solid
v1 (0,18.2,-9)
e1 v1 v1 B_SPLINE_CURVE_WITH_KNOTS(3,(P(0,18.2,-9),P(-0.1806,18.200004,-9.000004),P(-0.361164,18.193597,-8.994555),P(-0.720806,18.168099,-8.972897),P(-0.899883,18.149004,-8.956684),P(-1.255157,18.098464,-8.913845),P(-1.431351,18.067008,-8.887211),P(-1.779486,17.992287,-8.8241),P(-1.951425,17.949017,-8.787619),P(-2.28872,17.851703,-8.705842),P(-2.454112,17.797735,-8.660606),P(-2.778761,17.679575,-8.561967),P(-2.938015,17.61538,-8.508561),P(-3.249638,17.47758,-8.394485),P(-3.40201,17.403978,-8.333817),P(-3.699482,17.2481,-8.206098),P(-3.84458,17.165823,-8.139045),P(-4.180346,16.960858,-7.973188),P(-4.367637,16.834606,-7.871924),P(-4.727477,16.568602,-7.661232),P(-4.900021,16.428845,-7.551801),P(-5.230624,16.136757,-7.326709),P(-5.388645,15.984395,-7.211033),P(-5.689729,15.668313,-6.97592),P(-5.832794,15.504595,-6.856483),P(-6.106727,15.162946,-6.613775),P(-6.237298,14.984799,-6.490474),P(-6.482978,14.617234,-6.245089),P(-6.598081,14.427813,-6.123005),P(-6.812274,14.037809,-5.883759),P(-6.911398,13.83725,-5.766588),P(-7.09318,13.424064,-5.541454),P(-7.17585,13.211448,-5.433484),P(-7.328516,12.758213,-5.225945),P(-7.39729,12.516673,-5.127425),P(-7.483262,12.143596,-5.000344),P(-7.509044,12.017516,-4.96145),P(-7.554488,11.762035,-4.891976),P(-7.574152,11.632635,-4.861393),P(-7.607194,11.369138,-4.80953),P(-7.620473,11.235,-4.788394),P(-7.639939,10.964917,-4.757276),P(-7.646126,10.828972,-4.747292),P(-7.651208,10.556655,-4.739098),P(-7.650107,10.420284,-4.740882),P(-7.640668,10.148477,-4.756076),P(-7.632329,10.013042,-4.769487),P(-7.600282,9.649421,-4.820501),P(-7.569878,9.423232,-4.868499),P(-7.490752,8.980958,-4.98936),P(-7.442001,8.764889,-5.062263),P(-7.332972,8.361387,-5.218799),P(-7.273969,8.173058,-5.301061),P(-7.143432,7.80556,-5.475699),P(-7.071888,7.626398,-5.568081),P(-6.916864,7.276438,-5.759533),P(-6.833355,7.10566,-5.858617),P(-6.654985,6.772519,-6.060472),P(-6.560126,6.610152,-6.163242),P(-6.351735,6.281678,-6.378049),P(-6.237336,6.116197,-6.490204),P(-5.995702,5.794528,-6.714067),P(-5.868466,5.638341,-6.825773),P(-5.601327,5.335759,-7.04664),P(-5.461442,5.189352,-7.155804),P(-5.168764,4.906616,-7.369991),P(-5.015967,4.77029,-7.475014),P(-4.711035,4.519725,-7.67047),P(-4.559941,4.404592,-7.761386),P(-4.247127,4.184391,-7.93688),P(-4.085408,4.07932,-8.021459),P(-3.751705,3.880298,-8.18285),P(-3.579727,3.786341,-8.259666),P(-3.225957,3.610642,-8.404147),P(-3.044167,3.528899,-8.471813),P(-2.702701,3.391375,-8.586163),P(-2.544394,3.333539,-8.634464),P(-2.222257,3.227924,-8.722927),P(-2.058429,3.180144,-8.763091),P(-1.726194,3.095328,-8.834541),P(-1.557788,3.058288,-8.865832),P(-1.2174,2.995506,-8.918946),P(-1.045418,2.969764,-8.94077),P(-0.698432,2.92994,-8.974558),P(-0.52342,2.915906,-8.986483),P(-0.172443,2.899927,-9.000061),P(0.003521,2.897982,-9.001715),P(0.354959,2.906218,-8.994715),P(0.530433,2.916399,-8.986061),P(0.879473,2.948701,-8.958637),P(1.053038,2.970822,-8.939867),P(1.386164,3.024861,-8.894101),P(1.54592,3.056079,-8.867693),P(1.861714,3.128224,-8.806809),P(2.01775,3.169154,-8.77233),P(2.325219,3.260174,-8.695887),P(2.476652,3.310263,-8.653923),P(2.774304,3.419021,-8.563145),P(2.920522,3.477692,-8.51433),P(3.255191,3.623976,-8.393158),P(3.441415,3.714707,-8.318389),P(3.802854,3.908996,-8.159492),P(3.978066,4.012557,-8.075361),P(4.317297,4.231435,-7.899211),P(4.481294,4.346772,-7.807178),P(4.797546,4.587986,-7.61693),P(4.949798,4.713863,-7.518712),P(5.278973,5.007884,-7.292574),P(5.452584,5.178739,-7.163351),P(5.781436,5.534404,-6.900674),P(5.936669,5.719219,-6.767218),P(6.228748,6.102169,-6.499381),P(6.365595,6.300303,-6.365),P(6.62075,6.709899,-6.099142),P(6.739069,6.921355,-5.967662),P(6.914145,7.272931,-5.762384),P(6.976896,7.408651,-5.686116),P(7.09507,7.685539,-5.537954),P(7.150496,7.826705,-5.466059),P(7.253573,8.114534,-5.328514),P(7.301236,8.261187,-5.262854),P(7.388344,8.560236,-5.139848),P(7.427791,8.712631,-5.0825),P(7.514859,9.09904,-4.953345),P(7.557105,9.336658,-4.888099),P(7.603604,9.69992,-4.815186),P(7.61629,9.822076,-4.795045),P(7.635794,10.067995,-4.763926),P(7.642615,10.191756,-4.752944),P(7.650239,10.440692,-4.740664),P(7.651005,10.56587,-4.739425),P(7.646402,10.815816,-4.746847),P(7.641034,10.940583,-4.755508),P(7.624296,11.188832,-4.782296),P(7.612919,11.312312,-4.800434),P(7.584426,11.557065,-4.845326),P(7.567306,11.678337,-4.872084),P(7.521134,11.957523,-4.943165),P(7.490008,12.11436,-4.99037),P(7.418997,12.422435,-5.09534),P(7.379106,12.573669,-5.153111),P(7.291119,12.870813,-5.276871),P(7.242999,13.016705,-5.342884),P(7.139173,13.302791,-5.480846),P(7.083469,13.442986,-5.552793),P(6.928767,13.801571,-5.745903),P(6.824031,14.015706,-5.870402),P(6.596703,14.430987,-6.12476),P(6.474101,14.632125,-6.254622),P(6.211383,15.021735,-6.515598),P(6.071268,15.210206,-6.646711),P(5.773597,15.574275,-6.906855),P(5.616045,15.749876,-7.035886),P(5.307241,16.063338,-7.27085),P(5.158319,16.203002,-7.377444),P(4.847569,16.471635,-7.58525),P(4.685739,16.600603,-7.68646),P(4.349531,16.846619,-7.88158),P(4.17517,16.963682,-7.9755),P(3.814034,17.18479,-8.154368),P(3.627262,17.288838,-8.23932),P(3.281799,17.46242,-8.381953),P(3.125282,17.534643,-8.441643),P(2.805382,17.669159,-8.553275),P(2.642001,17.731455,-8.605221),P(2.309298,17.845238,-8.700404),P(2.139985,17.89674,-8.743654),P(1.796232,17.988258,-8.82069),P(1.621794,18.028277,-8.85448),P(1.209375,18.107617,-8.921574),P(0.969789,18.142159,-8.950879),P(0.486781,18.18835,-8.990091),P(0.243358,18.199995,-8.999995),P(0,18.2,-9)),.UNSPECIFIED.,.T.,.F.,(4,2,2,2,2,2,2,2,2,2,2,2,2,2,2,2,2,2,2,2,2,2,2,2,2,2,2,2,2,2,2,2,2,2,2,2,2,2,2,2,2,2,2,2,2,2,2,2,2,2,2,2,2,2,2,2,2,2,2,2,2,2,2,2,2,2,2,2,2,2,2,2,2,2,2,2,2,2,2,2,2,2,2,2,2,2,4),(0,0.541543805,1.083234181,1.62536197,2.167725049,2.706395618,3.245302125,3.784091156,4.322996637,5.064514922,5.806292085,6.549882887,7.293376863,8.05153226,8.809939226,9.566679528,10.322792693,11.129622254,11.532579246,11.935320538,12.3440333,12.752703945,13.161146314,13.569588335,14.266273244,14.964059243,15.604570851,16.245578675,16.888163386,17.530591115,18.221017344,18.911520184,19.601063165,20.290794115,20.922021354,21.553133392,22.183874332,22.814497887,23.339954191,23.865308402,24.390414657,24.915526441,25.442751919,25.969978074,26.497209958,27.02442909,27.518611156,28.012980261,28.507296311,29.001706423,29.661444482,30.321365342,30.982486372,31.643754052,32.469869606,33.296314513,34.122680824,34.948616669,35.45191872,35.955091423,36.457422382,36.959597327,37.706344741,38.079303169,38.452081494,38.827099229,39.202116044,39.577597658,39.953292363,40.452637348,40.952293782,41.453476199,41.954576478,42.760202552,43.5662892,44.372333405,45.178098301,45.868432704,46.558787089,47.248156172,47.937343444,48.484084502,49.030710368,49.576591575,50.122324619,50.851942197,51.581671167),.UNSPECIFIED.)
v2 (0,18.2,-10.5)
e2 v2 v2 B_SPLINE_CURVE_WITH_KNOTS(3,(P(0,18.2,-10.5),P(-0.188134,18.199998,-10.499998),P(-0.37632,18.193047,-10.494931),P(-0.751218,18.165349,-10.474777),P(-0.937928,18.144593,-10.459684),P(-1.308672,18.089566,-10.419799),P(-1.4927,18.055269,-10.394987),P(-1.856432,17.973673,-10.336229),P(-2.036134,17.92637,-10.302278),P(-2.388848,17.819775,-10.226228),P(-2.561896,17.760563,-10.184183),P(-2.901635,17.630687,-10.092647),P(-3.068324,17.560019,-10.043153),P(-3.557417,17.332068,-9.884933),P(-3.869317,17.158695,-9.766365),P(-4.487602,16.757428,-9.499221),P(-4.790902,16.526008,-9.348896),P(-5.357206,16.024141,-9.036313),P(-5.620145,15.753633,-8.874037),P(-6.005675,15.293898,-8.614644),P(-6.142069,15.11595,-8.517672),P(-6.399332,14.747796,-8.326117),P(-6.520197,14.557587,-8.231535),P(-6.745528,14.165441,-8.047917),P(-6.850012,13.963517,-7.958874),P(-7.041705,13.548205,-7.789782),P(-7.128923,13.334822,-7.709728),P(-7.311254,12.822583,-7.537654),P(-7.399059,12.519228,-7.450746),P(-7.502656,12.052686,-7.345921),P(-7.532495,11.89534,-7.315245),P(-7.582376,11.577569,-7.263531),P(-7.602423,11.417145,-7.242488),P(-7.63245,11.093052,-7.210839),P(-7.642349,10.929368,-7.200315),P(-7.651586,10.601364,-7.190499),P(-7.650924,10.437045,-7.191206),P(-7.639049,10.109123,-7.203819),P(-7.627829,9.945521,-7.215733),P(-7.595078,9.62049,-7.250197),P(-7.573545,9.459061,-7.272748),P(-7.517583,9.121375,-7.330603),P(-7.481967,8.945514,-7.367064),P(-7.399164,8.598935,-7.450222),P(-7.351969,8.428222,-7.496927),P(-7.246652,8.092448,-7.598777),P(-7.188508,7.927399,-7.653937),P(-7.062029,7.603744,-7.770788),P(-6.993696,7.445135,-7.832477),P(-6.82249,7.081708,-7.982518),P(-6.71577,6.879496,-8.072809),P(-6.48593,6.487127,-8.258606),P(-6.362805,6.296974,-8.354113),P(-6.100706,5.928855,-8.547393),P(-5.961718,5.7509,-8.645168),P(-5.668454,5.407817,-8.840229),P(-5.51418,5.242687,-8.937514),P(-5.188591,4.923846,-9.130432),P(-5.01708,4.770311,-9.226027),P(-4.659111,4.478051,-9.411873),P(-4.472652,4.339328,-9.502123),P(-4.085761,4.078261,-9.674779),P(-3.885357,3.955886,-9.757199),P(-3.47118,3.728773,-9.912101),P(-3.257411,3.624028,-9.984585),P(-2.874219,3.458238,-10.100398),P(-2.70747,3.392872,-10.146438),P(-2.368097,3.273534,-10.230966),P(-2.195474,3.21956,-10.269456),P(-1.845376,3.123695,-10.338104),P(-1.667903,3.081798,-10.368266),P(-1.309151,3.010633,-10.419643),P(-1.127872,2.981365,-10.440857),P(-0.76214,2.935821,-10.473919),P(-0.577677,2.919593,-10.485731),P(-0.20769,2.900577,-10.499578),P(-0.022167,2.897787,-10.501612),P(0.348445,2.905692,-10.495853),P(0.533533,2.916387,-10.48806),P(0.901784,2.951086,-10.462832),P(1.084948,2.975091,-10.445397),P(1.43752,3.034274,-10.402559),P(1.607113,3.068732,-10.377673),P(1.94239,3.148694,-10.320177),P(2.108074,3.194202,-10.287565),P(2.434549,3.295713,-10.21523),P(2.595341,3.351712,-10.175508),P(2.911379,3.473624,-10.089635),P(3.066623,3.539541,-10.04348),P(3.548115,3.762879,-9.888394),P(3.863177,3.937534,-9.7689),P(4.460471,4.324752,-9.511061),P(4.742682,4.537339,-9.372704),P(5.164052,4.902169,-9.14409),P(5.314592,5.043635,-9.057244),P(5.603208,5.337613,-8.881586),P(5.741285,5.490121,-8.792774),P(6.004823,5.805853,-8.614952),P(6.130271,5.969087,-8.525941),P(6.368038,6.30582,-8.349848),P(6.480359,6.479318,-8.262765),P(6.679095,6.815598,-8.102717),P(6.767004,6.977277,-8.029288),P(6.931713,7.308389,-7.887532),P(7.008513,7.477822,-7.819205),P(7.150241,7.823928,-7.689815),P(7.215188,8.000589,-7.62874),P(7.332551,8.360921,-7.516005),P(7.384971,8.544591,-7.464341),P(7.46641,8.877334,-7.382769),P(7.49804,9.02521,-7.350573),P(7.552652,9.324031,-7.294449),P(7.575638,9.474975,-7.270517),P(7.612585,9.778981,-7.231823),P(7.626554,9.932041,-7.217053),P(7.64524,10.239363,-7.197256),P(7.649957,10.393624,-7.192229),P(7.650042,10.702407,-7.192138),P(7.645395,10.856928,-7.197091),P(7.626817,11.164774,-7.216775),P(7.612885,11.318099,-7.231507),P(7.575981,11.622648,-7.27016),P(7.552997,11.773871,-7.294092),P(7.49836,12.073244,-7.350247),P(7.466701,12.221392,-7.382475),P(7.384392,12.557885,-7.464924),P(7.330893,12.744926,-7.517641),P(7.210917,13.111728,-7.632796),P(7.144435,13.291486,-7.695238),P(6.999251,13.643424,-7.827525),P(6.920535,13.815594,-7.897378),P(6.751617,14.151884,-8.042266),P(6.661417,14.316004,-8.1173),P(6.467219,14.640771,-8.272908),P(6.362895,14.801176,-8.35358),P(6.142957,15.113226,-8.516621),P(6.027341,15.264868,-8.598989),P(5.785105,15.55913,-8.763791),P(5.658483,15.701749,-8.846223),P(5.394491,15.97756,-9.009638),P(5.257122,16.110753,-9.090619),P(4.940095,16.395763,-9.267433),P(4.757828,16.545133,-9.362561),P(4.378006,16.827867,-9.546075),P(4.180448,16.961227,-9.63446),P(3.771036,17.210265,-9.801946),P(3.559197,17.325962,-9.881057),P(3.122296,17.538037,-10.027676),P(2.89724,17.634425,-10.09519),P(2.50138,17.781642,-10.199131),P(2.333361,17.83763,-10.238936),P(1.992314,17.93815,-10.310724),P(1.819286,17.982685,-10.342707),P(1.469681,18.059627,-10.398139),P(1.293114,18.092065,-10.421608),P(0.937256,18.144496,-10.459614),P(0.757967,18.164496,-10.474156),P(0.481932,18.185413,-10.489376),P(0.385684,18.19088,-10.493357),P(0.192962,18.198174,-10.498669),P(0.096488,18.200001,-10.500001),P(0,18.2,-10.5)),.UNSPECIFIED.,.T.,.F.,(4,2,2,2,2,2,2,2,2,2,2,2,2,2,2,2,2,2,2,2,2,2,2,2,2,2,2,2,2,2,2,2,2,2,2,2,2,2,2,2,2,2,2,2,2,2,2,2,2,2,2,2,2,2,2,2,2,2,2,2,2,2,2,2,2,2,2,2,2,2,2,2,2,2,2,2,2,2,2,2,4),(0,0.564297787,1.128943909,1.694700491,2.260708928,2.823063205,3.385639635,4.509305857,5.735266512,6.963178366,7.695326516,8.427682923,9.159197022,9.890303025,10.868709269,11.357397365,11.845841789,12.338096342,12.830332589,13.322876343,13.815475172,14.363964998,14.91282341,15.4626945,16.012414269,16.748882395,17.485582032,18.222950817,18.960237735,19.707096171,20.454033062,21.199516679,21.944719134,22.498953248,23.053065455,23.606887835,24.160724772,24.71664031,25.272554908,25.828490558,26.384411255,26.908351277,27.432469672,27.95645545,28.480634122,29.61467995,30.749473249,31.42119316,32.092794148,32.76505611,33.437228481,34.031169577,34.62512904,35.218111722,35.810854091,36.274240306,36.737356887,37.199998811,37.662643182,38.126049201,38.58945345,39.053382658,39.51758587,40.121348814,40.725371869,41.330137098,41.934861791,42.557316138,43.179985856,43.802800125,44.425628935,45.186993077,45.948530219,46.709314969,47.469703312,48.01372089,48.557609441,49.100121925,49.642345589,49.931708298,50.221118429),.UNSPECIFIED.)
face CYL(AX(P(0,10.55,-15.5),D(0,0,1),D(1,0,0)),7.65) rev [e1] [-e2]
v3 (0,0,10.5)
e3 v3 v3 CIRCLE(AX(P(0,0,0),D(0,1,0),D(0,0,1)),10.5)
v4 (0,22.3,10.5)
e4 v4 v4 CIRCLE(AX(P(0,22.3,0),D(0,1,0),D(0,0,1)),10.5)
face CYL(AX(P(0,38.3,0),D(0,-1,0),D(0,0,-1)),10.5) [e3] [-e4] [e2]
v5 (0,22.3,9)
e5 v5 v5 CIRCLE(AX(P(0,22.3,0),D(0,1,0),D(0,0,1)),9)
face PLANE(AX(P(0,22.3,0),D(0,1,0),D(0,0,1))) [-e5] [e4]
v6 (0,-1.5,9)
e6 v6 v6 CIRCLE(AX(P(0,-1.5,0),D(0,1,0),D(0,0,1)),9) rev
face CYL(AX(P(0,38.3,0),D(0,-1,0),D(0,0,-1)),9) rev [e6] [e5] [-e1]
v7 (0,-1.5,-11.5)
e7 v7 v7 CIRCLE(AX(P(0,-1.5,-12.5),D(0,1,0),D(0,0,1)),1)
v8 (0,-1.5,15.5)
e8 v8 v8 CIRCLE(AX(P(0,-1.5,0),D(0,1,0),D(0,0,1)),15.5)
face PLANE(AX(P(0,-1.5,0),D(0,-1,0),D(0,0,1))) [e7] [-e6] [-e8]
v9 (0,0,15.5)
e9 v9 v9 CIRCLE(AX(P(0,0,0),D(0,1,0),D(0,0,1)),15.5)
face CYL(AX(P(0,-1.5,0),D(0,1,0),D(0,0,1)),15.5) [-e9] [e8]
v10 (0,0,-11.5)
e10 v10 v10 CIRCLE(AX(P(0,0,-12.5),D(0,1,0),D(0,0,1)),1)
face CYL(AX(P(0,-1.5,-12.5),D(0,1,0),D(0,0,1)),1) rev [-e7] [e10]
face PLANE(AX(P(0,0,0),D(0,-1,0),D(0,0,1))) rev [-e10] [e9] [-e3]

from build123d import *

# Parameters (mm, degrees)
SKETCH1_R           = 10.5
SKETCH1_R_2         = 9
BOSS_EXTRUDE1_DEPTH = 38.3
SKETCH2_R           = 15.5
SKETCH2_R_2         = 9
SKETCH2_R_3         = 1
BOSS_EXTRUDE2_DEPTH = 1.5
SKETCH10_R          = 7.65
CUT_EXTRUDE1_DEPTH  = 46.437209421
SKETCH15_R          = 20.755300819
CUT_EXTRUDE3_DEPTH  = 17.5


with BuildPart() as part:
    # Sketch1 → Boss-Extrude1 (new body)
    with BuildSketch(Plane(origin=(0, 0, 0), x_dir=(1, 0, 0), z_dir=(0, 1, 0))):
        with Locations(Location((0, 0, 0), (0, 0, 270))):
            Circle(SKETCH1_R)
        with Locations(Location((0, 0, 0), (0, 0, 270))):
            Circle(SKETCH1_R_2, mode=Mode.SUBTRACT)
    extrude(amount=BOSS_EXTRUDE1_DEPTH)

    # Sketch2 → Boss-Extrude2 (add)
    with BuildSketch(Plane(origin=(0, 38.3, 0), x_dir=(1, 0, 0), z_dir=(0, 1, 0))):
        with Locations(Location((0, 0, 0), (0, 0, 270))):
            Circle(SKETCH2_R)
        with Locations(Location((0, 0, 0), (0, 0, 270))):
            Circle(SKETCH2_R_2, mode=Mode.SUBTRACT)
        with Locations(Location((0, 12.5, 0), (0, 0, 270))):
            Circle(SKETCH2_R_3, mode=Mode.SUBTRACT)
    boss_extrude2 = extrude(amount=BOSS_EXTRUDE2_DEPTH)

    # Mirror1: Boss-Extrude2 across plane
    add(boss_extrude2.mirror(Plane(origin=(0, 19.15, 0), x_dir=(0, 0, 1), z_dir=(0, -1, 0))))

    # Sketch10 → Cut-Extrude1 (cut, through all)
    with BuildSketch(Plane.XY):
        with Locations(Location((0, 10.55, 0), (0, 0, 90))):
            Circle(SKETCH10_R)
    extrude(amount=-CUT_EXTRUDE1_DEPTH, mode=Mode.SUBTRACT)

    # Sketch15 → Cut-Extrude3 (cut)
    with BuildSketch(Plane(origin=(0, 39.8, 0), x_dir=(1, 0, 0), z_dir=(0, 1, 0))):
        Circle(SKETCH15_R)
    extrude(amount=-CUT_EXTRUDE3_DEPTH, mode=Mode.SUBTRACT)


solid = part.part
